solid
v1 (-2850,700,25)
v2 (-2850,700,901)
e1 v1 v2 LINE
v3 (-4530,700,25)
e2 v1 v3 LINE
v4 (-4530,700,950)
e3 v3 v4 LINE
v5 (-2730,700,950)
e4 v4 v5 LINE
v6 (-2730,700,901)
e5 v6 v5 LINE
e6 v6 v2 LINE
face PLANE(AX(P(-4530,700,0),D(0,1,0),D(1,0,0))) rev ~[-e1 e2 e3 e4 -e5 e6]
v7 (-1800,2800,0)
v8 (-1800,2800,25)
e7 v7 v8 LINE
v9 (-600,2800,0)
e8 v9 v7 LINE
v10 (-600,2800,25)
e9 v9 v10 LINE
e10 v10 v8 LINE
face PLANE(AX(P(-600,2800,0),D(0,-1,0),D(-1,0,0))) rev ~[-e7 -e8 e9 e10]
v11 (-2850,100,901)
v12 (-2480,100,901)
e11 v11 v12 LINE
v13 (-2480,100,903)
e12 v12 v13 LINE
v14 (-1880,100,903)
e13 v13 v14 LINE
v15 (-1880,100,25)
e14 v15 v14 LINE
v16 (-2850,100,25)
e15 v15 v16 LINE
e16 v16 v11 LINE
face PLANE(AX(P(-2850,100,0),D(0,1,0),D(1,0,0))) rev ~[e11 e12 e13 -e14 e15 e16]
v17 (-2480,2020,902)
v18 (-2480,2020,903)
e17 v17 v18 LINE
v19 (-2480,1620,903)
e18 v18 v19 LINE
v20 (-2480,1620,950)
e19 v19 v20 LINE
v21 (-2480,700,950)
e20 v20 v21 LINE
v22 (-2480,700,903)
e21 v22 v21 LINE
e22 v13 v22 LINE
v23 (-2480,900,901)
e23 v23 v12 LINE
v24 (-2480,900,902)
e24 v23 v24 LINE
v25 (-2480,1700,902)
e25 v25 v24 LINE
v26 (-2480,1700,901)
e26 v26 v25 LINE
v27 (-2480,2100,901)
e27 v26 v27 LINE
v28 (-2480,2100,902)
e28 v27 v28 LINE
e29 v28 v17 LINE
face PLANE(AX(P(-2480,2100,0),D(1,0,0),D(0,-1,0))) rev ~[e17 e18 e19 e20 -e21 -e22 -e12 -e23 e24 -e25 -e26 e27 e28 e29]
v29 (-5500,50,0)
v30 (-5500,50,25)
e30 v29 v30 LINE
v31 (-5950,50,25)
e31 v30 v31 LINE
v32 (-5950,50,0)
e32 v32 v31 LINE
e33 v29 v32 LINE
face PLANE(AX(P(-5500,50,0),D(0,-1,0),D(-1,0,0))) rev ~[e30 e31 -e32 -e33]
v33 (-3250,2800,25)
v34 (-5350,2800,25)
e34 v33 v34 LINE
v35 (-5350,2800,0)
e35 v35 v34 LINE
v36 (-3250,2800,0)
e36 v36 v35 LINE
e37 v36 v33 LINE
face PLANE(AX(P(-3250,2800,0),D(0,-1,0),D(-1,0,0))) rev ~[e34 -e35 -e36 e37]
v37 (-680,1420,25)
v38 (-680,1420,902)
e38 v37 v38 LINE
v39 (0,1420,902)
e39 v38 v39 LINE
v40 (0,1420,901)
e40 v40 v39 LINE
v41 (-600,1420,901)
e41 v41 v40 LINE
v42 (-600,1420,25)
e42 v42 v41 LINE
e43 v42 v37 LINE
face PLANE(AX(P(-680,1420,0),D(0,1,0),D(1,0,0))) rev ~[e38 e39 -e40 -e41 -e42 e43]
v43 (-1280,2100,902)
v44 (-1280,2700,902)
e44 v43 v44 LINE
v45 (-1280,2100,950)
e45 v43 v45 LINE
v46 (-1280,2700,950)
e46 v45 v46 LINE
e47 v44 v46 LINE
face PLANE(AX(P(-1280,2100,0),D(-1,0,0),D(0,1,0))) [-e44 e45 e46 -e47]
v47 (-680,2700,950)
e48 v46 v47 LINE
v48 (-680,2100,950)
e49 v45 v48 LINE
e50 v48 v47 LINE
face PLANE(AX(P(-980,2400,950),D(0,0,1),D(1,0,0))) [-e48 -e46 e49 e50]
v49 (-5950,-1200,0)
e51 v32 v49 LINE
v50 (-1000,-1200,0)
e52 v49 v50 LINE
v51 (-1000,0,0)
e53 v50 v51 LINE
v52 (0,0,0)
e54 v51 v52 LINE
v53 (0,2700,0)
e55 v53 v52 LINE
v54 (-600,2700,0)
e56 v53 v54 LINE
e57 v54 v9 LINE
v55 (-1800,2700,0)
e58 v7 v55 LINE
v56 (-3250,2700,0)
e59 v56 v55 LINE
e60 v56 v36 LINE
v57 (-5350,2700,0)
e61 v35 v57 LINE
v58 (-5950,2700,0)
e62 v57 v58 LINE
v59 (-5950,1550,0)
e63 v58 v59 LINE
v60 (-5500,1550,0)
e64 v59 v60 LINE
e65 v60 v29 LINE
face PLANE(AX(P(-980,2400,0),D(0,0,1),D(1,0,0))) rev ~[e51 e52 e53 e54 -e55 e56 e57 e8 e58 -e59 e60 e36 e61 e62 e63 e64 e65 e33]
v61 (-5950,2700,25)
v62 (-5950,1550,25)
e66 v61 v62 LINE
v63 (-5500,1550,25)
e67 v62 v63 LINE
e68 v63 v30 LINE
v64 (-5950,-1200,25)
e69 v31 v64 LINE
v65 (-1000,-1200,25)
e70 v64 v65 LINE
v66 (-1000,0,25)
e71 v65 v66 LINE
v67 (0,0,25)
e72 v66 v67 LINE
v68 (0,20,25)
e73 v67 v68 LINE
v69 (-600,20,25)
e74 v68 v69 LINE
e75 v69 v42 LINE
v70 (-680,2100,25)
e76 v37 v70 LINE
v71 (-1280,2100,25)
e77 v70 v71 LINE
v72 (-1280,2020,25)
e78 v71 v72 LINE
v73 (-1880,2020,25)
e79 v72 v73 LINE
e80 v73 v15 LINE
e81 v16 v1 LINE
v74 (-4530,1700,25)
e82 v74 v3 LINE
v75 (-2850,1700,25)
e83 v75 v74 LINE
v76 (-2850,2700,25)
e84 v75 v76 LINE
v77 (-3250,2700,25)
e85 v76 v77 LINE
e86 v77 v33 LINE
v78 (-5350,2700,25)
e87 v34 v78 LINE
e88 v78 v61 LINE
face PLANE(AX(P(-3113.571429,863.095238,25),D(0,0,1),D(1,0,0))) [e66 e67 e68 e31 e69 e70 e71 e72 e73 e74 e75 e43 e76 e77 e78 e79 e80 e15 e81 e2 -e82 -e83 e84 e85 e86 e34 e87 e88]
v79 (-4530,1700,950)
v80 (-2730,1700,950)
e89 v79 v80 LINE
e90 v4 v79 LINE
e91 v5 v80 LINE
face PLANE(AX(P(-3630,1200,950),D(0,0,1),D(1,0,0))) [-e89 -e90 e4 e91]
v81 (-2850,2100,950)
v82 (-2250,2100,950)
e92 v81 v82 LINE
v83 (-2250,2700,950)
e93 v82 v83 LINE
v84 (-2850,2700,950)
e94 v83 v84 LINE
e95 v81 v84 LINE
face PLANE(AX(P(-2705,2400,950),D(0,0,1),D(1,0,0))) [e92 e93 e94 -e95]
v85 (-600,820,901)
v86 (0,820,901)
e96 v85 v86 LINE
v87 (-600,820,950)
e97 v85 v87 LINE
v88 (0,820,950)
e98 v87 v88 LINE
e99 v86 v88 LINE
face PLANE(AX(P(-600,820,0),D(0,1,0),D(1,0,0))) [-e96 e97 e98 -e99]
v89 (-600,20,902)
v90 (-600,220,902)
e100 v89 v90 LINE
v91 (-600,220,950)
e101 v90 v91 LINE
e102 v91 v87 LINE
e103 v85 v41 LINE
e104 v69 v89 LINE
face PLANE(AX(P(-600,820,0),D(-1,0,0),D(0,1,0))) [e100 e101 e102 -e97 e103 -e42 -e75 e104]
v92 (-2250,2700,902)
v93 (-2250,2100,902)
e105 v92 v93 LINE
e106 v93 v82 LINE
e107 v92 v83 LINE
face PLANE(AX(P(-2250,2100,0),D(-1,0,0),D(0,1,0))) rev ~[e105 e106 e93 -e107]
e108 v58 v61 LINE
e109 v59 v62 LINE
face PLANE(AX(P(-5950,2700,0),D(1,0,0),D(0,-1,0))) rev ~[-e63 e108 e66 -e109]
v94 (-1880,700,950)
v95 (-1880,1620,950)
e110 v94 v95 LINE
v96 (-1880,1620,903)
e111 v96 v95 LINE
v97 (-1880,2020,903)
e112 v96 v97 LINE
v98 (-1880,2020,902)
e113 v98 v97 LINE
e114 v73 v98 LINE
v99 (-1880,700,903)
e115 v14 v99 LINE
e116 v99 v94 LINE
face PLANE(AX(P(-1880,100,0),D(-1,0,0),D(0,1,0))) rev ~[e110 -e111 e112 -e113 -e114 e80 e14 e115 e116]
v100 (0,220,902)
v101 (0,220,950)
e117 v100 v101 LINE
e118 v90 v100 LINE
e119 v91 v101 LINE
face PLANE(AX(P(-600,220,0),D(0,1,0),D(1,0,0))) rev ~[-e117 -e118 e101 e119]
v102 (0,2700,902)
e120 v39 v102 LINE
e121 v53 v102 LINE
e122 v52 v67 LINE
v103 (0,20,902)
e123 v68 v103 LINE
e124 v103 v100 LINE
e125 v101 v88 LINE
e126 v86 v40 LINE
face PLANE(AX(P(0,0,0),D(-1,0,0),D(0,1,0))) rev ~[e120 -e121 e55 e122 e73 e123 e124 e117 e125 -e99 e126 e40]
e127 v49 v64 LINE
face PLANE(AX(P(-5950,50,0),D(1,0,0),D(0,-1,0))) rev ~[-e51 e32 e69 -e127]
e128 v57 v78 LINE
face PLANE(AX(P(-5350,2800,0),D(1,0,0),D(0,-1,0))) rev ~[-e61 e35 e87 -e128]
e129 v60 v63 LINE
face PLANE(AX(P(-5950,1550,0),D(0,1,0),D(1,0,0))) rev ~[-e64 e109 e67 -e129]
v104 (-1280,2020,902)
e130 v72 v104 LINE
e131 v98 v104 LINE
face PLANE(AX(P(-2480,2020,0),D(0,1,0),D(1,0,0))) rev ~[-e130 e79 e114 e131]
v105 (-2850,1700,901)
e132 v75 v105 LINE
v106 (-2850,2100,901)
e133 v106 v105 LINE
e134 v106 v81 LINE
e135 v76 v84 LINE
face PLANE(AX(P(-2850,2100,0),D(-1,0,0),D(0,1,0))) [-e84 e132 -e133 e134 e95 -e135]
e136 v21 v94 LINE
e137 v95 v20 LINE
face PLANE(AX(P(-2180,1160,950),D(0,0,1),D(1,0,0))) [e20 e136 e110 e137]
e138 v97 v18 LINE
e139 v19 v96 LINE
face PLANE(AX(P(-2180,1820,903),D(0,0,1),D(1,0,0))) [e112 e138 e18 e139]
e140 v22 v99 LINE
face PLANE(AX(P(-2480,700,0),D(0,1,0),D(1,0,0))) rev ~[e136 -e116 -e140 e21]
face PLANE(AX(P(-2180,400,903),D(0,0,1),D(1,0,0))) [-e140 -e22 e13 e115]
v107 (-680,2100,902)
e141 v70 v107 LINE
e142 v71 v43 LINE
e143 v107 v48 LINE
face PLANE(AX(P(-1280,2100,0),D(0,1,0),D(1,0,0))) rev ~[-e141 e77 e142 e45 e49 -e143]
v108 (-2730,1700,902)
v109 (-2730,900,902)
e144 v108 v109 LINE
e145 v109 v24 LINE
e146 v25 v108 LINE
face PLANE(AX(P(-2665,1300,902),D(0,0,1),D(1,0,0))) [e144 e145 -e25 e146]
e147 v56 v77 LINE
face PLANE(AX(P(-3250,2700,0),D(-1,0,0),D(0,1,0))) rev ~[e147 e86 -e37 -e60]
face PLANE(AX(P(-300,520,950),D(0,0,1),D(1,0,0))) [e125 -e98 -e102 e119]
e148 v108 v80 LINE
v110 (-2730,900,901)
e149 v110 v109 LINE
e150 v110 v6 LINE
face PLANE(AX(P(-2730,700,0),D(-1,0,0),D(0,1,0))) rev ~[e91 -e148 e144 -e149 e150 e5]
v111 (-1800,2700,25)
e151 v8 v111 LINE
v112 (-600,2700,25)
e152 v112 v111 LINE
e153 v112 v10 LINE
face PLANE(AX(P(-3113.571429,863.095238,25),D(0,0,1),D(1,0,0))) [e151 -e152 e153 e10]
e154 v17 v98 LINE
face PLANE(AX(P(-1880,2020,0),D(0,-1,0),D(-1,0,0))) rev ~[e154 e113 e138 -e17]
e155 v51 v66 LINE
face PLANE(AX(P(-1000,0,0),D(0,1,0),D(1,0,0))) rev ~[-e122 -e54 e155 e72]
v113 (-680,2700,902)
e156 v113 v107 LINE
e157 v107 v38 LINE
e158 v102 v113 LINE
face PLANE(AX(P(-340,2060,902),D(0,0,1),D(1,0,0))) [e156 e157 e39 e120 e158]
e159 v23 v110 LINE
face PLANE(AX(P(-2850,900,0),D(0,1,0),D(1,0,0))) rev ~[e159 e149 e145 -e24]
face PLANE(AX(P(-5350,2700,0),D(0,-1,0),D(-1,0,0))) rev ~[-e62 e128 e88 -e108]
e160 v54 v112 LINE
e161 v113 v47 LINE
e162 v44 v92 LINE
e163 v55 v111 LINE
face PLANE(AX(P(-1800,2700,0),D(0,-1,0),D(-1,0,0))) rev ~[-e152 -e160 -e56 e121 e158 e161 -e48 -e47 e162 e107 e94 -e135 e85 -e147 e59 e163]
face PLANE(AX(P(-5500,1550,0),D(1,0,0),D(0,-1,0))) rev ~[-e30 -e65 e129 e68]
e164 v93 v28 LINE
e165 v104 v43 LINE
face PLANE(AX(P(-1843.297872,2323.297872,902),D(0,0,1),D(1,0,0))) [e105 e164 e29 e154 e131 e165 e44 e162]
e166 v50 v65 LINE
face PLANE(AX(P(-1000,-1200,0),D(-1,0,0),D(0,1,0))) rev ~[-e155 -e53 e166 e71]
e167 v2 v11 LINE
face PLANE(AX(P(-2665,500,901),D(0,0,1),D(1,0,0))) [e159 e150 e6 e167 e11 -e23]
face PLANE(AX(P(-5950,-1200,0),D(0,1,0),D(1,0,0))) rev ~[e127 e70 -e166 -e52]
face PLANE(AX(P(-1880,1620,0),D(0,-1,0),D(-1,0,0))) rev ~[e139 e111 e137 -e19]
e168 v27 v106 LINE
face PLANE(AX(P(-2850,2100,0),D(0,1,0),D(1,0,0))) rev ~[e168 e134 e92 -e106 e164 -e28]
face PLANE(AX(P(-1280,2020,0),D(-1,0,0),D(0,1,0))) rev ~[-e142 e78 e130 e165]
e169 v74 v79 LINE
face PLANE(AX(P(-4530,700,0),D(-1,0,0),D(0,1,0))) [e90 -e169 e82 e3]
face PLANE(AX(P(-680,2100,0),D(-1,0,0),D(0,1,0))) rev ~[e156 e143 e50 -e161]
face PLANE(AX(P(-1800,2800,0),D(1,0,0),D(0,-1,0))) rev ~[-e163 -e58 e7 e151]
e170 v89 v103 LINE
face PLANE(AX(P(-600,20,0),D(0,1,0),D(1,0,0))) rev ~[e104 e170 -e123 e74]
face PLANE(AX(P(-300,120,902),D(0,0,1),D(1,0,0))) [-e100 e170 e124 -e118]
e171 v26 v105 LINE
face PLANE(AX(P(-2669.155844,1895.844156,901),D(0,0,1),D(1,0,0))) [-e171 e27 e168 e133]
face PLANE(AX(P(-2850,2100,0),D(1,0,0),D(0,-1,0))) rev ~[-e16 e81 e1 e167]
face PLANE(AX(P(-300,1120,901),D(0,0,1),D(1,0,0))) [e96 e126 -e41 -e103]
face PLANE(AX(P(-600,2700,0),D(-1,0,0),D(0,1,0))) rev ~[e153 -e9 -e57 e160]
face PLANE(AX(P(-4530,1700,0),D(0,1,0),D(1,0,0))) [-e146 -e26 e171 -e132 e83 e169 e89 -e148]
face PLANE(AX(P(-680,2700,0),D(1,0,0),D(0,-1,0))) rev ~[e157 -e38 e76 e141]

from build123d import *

# Parameters (mm, degrees)
F1_DEPTH = 25
F2_W     = 600
F2_H     = 600
F3_DEPTH = 903
F2_H_2   = 200
F4_DEPTH = 902
F2_W_2   = 80
F2_H_3   = 80
F5_DEPTH = 901
F2_W_3   = 290
F6_W     = 1800
F6_H     = 1000
F7_DEPTH = 950


with BuildPart() as f1:
    # F0 (on Top) → F1 (new body)
    with BuildSketch(Plane.XY):
        Polygon((-1000, 0), (0, 0), (0, 2700), (-600, 2700), (-600, 2800), (-1800, 2800), (-1800, 2700), (-3250, 2700), (-3250, 2800), (-5350, 2800), (-5350, 2700), (-5950, 2700), (-5950, 1550), (-5500, 1550), (-5500, 50), (-5950, 50), (-5950, -1200), (-1000, -1200), align=None)
    extrude(amount=F1_DEPTH)

    # F2 (on Top) → F3 (join)
    with BuildSketch(Plane.XY):
        Polygon((-1880, 1620), (-1880, 2020), (-2480, 2020), (-2480, 1700), (-2480, 1620), align=None)
        with Locations((-2180, 400)):
            Rectangle(F2_W, F2_H)
    extrude(amount=F3_DEPTH)

    # F2 (on Top) → F4 (join)
    with BuildSketch(Plane.XY):
        Polygon((-2480, 1620), (-2480, 1700), (-2850, 1700), (-2850, 900), (-2480, 900), align=None)
        Polygon((0, 1420), (0, 2700), (-680, 2700), (-680, 2100), (-680, 1420), (-600, 1420), align=None)
        Polygon((-1280, 2100), (-1280, 2700), (-2250, 2700), (-2250, 2100), (-2480, 2100), (-2480, 2020), (-1880, 2020), (-1280, 2020), align=None)
        with Locations((-300, 120)):
            Rectangle(F2_W, F2_H_2)
    extrude(amount=F4_DEPTH)

    # F2 (on Top) → F5 (join)
    with BuildSketch(Plane.XY):
        Polygon((-2560, 2020), (-2560, 2100), (-2850, 2100), (-2850, 1700), (-2480, 1700), (-2480, 2020), align=None)
        with Locations((-2520, 2060)):
            Rectangle(F2_W_2, F2_H_3)
        Polygon((-2480, 700), (-2480, 900), (-2850, 900), (-2850, 100), (-2480, 100), align=None)
        with Locations((-300, 1120)):
            Rectangle(F2_W, F2_H)
    extrude(amount=F5_DEPTH)

    # F2 (on Top) + F6 (on Top) → F7 (join)
    with BuildSketch(Plane.XY):
        with Locations((-980, 2400)):
            Rectangle(F2_W, F2_H)
        with Locations((-300, 520)):
            Rectangle(F2_W, F2_H)
        Polygon((-1880, 700), (-1880, 1620), (-2480, 1620), (-2480, 900), (-2480, 700), align=None)
        with Locations((-2705, 2400)):
            Rectangle(F2_W_3, F2_H)
        Polygon((-2250, 2100), (-2250, 2700), (-2560, 2700), (-2560, 2100), (-2480, 2100), align=None)
    with BuildSketch(Plane.XY):
        with Locations((-3630, 1200)):
            Rectangle(F6_W, F6_H)
    extrude(amount=F7_DEPTH)


solid = f1.part
